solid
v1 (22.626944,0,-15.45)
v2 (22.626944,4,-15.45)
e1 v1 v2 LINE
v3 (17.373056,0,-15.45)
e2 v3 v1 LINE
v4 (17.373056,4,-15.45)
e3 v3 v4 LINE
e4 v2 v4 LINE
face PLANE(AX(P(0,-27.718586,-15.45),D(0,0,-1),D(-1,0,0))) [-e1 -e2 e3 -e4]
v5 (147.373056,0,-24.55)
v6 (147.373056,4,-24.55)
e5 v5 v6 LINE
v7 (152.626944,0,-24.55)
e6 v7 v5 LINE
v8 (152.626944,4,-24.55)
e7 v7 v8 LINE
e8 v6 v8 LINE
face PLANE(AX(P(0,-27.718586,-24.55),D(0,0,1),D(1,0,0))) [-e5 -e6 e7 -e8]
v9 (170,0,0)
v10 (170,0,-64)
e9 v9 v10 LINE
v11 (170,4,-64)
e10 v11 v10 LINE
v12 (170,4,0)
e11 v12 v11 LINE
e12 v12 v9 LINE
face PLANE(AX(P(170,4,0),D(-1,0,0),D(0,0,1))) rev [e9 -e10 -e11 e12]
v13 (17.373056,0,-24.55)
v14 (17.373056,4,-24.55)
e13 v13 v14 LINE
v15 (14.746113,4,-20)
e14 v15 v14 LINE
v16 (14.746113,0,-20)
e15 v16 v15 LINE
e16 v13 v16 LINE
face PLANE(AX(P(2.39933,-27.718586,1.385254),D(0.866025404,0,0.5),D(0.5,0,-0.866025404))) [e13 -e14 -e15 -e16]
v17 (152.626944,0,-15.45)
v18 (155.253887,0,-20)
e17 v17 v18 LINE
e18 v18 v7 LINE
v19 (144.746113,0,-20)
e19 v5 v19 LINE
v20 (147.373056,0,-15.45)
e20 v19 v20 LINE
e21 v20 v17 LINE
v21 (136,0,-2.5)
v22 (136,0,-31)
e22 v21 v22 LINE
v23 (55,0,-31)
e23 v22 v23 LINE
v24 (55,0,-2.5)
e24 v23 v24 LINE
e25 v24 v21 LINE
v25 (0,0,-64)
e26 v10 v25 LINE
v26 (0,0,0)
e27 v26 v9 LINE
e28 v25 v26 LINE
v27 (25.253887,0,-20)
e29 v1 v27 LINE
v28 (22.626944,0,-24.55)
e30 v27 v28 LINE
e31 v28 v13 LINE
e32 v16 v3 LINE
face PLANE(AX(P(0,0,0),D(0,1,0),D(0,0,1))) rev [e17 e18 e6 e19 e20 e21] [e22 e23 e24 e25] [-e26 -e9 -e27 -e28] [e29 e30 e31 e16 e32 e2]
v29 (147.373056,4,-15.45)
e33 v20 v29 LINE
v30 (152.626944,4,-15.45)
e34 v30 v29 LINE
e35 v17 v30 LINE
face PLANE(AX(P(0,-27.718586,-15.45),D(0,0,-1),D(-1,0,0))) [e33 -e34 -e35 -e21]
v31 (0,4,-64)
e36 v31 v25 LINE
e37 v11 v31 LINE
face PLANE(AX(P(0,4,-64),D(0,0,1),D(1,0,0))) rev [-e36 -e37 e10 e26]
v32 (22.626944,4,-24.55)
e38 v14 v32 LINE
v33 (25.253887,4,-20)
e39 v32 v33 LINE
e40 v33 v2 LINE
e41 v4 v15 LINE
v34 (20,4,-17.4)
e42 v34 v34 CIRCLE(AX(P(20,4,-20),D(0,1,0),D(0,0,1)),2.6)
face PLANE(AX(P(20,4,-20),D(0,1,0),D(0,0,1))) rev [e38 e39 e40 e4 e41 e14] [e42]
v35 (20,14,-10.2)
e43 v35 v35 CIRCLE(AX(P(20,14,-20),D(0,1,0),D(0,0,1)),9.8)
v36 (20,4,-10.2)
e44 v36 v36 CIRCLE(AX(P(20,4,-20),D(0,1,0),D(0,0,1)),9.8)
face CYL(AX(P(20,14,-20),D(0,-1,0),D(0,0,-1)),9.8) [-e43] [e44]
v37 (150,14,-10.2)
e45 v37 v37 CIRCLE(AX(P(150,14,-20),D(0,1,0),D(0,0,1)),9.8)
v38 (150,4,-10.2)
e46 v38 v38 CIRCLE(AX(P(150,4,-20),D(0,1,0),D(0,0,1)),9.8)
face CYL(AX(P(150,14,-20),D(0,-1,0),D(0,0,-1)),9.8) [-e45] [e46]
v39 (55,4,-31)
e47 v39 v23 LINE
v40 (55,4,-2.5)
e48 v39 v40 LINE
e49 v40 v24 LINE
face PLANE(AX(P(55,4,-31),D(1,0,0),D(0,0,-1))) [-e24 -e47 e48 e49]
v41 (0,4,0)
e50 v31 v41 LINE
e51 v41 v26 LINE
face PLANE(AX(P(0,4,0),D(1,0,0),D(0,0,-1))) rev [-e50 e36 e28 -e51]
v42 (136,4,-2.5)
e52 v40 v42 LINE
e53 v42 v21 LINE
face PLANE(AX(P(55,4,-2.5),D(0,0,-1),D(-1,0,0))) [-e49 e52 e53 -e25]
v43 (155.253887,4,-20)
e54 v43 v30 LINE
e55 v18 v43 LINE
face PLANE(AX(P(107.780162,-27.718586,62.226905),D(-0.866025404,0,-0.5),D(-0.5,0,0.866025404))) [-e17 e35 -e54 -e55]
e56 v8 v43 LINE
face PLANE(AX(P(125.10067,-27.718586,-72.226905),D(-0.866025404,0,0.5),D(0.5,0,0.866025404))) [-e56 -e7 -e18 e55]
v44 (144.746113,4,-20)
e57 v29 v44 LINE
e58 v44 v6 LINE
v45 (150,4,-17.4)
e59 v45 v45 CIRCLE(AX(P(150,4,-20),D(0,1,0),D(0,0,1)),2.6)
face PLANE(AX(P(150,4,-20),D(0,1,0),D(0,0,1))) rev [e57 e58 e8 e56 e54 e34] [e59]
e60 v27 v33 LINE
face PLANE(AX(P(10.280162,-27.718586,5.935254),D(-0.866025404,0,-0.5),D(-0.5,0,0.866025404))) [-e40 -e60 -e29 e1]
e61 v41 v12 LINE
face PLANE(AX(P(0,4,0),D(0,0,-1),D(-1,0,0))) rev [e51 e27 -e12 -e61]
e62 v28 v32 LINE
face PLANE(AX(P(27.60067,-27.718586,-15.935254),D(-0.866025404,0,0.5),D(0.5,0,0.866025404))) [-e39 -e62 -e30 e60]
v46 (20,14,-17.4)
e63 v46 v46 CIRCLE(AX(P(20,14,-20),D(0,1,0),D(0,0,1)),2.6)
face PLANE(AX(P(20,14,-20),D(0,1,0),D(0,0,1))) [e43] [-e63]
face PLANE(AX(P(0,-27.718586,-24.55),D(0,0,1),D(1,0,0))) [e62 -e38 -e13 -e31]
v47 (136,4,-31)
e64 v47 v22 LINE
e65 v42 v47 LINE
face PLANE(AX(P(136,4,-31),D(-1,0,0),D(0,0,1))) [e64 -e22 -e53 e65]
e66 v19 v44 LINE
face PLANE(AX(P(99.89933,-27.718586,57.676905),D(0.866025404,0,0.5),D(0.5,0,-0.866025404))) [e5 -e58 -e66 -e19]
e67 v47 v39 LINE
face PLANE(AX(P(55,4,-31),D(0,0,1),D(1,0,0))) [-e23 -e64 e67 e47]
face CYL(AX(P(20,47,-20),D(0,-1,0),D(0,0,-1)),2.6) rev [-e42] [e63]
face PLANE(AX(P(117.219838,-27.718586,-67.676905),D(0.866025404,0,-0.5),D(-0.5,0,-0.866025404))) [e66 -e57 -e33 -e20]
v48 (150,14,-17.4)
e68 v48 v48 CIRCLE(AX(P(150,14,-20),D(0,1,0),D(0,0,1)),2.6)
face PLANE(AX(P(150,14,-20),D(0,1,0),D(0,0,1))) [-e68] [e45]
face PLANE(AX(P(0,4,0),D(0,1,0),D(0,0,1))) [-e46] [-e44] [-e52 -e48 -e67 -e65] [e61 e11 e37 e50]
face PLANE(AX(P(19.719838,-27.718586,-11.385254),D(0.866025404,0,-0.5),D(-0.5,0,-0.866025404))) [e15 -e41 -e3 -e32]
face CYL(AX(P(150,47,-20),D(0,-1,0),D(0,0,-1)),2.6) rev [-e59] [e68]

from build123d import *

# Parameters (mm, degrees)
SKETCH1_W             = 170
SKETCH1_H             = 64
SKETCH1_R             = 10
SKETCH1_W_2           = 81
SKETCH1_H_2           = 28.5
BOSS_EXTRUDE1_DEPTH   = 4
BOSS_EXTRUDE2_START   = -4
SKETCH2_R             = 10
SKETCH2_R_2           = 9.8
BOSS_EXTRUDE2_DEPTH   = 4
SKETCH3_R             = 9.8
BOSS_EXTRUDE3_DEPTH   = 10
BOSS_EXTRUDE3_2_DEPTH = 10
BOSS_EXTRUDE4_START   = 4
SKETCH4_R             = 9.8
SKETCH4_R_2           = 2.6
BOSS_EXTRUDE4_DEPTH   = 4
SKETCH5_R             = 2.6
CUT_EXTRUDE1_DEPTH    = 47


with BuildPart() as part:
    # Sketch1 → Boss-Extrude1 (new body)
    with BuildSketch(Plane(origin=(0, 0, 0), x_dir=(1, 0, 0), z_dir=(0, 1, 0))):
        with Locations((85, 32)):
            Rectangle(SKETCH1_W, SKETCH1_H)
        with Locations(Location((20, 20, 0), (0, 0, 270))):
            Circle(SKETCH1_R, mode=Mode.SUBTRACT)
        with Locations(Location((150, 20, 0), (0, 0, 270))):
            Circle(SKETCH1_R, mode=Mode.SUBTRACT)
        with Locations((95.5, 16.75)):
            Rectangle(SKETCH1_W_2, SKETCH1_H_2, mode=Mode.SUBTRACT)
    extrude(amount=BOSS_EXTRUDE1_DEPTH)

    # Sketch2 → Boss-Extrude2 (add)
    # profile 1 of 2: a face of its own
    with BuildSketch(Plane(origin=(0, 4, 0), x_dir=(1, 0, 0), z_dir=(0, 1, 0)).offset(BOSS_EXTRUDE2_START)):
        with Locations((20, 20)):
            Circle(SKETCH2_R)
        with Locations(Location((20, 20, 0), (0, 0, 270))):
            Circle(SKETCH2_R_2, mode=Mode.SUBTRACT)
    # profile 2 of 2: a face of its own
    with BuildSketch(Plane(origin=(0, 4, 0), x_dir=(1, 0, 0), z_dir=(0, 1, 0)).offset(BOSS_EXTRUDE2_START)):
        with Locations((150, 20)):
            Circle(SKETCH2_R)
        with Locations(Location((150, 20, 0), (0, 0, 270))):
            Circle(SKETCH2_R_2, mode=Mode.SUBTRACT)
    extrude(amount=BOSS_EXTRUDE2_DEPTH)



with BuildPart() as body_2:
    # Sketch3 → Boss-Extrude3 (new body)
    with BuildSketch(Plane(origin=(0, 4, 0), x_dir=(1, 0, 0), z_dir=(0, 1, 0))):
        with Locations(Location((20, 20, 0), (0, 0, 270))):
            Circle(SKETCH3_R)
    extrude(amount=BOSS_EXTRUDE3_DEPTH)


with BuildPart() as body_3:
    # Sketch3 → Boss-Extrude3 2 (new body)
    with BuildSketch(Plane(origin=(0, 4, 0), x_dir=(1, 0, 0), z_dir=(0, 1, 0))):
        with Locations(Location((150, 20, 0), (0, 0, 270))):
            Circle(SKETCH3_R)
    extrude(amount=BOSS_EXTRUDE3_2_DEPTH)


with BuildPart() as part_1:
    add(part.part)

    add(body_2.part)  # Boss-Extrude4 merges body 2

    add(body_3.part)  # Boss-Extrude4 merges body 3
    # Sketch4 → Boss-Extrude4 (add)
    # profile 1 of 4: a face of its own
    with BuildSketch(Plane.XZ.offset(-4).offset(BOSS_EXTRUDE4_START)):
        with Locations(Location((20, -20, 0), (0, 0, 90))):
            Circle(SKETCH4_R)
        Polygon((25.25388745, -20), (22.626943725, -15.45), (17.373056275, -15.45), (14.74611255, -20), (17.373056275, -24.55), (22.626943725, -24.55), align=None, mode=Mode.SUBTRACT)
    # profile 2 of 4: a face of its own
    with BuildSketch(Plane.XZ.offset(-4).offset(BOSS_EXTRUDE4_START)):
        with Locations(Location((20, -20, 0), (0, 0, 90))):
            Circle(SKETCH4_R_2)
    # profile 3 of 4: a face of its own
    with BuildSketch(Plane.XZ.offset(-4).offset(BOSS_EXTRUDE4_START)):
        with Locations(Location((150, -20, 0), (0, 0, 90))):
            Circle(SKETCH4_R)
        Polygon((155.25388745, -20), (152.626943725, -15.45), (147.373056275, -15.45), (144.74611255, -20), (147.373056275, -24.55), (152.626943725, -24.55), align=None, mode=Mode.SUBTRACT)
    # profile 4 of 4: a face of its own
    with BuildSketch(Plane.XZ.offset(-4).offset(BOSS_EXTRUDE4_START)):
        with Locations(Location((150, -20, 0), (0, 0, 90))):
            Circle(SKETCH4_R_2)
    extrude(amount=-BOSS_EXTRUDE4_DEPTH)

    # Sketch5 → Cut-Extrude1 (cut)
    with BuildSketch(Plane.XZ):
        with Locations(Location((20, -20, 0), (0, 0, 90))):
            Circle(SKETCH5_R)
        with Locations(Location((150, -20, 0), (0, 0, 90))):
            Circle(SKETCH5_R)
    extrude(amount=-CUT_EXTRUDE1_DEPTH, mode=Mode.SUBTRACT)


solid = part_1.part
